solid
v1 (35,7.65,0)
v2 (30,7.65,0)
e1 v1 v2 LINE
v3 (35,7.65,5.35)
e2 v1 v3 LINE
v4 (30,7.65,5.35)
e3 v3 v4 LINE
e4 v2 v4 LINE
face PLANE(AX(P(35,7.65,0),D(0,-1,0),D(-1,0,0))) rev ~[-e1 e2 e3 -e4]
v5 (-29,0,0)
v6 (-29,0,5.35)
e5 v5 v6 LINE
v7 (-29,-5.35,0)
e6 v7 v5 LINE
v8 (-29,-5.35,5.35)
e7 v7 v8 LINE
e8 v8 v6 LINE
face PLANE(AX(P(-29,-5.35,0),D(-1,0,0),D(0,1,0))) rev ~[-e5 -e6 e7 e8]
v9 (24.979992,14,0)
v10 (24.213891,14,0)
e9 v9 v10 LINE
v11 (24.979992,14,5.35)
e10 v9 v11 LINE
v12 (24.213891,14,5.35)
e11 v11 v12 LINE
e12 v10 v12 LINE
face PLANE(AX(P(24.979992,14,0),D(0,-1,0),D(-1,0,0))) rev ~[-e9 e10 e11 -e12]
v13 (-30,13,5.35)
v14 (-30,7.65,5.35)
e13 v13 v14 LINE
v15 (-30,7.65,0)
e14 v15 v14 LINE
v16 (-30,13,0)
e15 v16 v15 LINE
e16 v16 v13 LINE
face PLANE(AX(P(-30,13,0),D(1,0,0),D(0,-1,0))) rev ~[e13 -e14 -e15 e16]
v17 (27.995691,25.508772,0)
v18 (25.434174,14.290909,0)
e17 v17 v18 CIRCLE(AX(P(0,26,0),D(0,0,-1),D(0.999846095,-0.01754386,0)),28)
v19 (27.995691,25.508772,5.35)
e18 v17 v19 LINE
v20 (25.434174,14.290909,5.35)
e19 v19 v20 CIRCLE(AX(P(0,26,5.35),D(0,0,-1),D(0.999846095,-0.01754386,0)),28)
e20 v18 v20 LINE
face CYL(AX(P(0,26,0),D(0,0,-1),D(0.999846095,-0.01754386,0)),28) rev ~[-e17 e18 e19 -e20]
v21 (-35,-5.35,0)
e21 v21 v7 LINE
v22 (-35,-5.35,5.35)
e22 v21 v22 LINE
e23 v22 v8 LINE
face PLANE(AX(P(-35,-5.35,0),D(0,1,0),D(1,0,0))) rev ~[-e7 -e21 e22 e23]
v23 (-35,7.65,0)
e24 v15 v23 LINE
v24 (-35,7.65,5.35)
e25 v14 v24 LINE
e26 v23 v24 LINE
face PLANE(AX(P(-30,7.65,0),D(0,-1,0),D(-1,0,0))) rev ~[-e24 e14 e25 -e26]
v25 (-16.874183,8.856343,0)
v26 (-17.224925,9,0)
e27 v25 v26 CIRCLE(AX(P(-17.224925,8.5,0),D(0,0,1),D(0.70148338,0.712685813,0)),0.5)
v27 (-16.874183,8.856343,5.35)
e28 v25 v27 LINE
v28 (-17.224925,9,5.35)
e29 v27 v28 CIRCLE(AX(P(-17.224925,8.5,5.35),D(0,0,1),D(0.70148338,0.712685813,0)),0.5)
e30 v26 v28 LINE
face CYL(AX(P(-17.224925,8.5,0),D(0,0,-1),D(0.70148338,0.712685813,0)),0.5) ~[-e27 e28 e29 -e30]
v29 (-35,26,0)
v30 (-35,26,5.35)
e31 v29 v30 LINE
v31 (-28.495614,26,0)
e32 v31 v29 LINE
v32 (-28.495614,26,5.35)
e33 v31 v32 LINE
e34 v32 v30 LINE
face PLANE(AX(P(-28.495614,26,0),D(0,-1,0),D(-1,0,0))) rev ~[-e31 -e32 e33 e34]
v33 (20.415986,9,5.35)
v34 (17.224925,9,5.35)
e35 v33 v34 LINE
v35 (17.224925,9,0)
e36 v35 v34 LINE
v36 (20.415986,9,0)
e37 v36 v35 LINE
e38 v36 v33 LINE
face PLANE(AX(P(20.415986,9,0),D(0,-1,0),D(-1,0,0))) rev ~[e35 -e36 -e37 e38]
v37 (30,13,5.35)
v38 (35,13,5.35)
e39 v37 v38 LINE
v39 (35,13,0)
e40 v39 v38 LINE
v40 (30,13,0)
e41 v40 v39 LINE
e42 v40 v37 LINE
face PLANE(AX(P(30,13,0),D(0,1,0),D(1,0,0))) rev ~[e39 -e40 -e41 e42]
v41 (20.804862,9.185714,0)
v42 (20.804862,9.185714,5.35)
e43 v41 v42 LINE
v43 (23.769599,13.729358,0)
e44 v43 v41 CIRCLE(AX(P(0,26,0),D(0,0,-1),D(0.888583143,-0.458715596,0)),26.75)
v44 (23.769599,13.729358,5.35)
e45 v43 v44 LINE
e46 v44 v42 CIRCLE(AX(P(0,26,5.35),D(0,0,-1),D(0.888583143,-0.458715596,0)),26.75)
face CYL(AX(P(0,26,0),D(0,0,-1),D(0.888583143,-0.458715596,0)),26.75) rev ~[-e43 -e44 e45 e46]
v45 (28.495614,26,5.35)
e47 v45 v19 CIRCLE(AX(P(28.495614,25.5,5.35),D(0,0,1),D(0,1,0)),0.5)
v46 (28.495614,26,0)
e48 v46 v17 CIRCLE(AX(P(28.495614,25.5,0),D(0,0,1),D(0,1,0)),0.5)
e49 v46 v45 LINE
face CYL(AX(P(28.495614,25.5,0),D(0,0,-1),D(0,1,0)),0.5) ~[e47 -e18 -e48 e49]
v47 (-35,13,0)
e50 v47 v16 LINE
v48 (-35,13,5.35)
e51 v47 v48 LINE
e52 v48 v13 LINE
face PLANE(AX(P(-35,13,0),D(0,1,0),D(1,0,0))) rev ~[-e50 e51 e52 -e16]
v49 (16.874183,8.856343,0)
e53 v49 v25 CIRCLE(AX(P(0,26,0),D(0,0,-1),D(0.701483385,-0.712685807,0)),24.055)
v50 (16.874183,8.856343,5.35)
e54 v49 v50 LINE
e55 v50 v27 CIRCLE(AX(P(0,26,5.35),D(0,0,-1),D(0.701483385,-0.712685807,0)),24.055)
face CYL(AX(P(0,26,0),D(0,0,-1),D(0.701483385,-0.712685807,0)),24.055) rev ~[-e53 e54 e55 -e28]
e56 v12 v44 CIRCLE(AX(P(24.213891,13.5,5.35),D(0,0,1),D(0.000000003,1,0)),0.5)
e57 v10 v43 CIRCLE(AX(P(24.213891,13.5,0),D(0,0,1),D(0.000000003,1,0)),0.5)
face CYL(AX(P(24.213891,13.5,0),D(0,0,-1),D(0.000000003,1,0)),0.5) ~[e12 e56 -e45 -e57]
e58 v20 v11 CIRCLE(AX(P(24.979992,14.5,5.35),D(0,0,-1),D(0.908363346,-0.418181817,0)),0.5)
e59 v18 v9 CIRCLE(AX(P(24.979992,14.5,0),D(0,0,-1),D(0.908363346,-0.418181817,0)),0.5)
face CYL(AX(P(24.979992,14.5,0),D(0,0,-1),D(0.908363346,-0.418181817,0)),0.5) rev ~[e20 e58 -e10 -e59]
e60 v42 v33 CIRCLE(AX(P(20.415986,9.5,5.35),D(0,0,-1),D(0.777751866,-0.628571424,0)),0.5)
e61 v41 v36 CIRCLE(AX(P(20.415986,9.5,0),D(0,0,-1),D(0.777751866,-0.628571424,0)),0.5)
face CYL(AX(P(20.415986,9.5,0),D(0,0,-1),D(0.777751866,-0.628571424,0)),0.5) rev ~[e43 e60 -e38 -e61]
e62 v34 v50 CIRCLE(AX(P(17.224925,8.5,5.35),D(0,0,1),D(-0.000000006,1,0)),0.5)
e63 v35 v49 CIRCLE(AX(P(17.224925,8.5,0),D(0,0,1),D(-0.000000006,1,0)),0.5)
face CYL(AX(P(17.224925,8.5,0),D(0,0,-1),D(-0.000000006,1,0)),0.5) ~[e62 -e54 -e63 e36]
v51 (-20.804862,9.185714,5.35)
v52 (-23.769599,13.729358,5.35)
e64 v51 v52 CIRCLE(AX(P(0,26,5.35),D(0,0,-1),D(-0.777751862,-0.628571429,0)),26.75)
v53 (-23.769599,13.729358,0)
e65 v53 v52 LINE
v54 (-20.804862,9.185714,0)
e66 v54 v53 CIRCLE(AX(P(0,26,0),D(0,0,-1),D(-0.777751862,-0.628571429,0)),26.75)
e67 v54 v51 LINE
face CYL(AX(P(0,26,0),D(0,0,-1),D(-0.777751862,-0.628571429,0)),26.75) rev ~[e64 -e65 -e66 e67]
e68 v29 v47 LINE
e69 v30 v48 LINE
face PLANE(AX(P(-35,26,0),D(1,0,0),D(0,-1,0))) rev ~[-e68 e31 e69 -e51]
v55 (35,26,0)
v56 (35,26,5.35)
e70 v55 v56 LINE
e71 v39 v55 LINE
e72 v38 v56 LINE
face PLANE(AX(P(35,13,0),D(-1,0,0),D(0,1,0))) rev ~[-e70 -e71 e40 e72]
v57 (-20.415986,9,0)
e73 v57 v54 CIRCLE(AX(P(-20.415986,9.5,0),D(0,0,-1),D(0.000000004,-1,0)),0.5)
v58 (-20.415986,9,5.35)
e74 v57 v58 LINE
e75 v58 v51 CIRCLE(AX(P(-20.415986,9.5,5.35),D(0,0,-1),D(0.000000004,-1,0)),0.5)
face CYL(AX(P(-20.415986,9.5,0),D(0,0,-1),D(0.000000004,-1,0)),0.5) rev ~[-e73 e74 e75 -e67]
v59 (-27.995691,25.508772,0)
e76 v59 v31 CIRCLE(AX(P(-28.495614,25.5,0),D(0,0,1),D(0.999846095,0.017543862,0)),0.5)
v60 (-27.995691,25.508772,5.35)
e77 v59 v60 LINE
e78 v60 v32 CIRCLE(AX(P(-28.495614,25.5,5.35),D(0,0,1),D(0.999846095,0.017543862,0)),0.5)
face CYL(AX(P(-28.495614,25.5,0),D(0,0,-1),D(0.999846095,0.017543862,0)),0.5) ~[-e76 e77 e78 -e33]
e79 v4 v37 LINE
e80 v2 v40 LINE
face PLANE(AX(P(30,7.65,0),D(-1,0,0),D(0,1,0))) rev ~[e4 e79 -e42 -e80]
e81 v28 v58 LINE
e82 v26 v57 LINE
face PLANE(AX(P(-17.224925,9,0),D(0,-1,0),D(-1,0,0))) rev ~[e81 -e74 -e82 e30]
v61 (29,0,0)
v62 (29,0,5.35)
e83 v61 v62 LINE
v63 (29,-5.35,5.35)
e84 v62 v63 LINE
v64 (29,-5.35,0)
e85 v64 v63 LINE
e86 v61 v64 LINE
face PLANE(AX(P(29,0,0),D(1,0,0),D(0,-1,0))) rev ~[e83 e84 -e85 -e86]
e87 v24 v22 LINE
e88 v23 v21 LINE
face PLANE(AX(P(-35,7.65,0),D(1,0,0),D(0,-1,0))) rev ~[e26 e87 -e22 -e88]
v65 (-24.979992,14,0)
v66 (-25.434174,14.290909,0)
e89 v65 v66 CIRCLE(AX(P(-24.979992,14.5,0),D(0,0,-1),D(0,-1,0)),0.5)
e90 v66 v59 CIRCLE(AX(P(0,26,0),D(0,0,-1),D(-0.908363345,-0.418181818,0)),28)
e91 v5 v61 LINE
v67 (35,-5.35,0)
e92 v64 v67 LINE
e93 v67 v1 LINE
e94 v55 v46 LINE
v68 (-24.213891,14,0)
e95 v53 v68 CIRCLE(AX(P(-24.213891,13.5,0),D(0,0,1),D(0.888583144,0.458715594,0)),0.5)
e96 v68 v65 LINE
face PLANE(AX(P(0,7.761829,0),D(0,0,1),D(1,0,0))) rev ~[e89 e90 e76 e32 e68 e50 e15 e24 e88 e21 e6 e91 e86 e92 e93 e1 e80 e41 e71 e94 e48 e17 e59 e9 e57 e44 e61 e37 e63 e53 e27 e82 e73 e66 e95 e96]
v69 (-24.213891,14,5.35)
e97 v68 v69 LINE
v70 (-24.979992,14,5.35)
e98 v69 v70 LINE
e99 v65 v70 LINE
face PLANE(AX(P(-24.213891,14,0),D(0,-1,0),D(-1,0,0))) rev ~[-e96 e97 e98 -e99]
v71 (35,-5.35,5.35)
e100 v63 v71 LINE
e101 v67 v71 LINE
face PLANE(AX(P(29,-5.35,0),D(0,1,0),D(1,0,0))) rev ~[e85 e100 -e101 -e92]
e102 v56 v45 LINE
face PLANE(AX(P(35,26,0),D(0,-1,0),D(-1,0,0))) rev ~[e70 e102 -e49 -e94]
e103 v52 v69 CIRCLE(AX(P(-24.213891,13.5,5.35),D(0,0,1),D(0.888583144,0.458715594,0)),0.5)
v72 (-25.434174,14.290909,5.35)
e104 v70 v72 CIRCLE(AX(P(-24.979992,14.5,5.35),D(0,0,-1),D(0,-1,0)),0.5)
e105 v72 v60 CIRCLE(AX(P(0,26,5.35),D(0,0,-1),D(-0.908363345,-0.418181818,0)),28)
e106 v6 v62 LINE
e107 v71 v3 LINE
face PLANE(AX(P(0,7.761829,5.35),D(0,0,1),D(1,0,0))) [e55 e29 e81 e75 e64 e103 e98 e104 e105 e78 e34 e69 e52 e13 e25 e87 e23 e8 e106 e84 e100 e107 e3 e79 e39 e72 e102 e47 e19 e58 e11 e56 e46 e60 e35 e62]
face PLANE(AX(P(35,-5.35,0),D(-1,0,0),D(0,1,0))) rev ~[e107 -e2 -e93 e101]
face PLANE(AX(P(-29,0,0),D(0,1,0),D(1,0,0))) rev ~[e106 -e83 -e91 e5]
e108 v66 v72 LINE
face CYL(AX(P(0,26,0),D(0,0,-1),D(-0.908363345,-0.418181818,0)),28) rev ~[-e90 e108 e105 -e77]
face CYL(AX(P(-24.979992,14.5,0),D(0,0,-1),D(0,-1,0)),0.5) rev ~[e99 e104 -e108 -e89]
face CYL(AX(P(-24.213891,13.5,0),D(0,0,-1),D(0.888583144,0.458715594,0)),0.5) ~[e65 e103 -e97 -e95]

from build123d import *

# Parameters (mm, degrees)
BOSS_EXTRUDE1_DEPTH = 5.35


with BuildPart() as part:
    # Model → Boss-Extrude1 (new body)
    with BuildSketch(Plane.XY):
        with BuildLine():
            Line((-29, 0), (29, 0))
            Line((29, 0), (29, -5.35))
            Line((29, -5.35), (35, -5.35))
            Line((35, -5.35), (35, -1.30660388))
            Line((35, -1.30660388), (35, 7.65))
            Line((35, 7.65), (30, 7.65))
            Line((30, 7.65), (30, 13))
            Line((30, 13), (35, 13))
            Line((35, 13), (35, 26))
            Line((35, 26), (28.495613698, 26))
            ThreePointArc((28.495613698, 26), (28.145175376, 25.856641252), (27.99569065, 25.50877193))
            ThreePointArc((27.99569065, 25.50877193), (27.297393866, 19.766839637), (25.434173666, 14.290909091))
            ThreePointArc((25.434173666, 14.290909091), (25.249671939, 14.078962321), (24.979991994, 14))
            Line((24.979991994, 14), (24.213890642, 14))
            ThreePointArc((24.213890642, 14), (23.953774224, 13.927012236), (23.76959907, 13.729357798))
            ThreePointArc((23.76959907, 13.729357798), (22.402719166, 11.382179575), (20.804862314, 9.185714286))
            ThreePointArc((20.804862314, 9.185714286), (20.631459285, 9.048811094), (20.415986383, 9))
            Line((20.415986383, 9), (17.224924528, 9))
            ThreePointArc((17.224924528, 9), (17.035413911, 8.962693987), (16.874182835, 8.856342904))
            ThreePointArc((16.874182835, 8.856342904), (0, 1.945), (-16.874182835, 8.856342904))
            ThreePointArc((-16.874182835, 8.856342904), (-17.035413911, 8.962693987), (-17.224924528, 9))
            Line((-17.224924528, 9), (-20.415986383, 9))
            ThreePointArc((-20.415986383, 9), (-20.631459285, 9.048811094), (-20.804862314, 9.185714286))
            ThreePointArc((-20.804862314, 9.185714286), (-22.402719166, 11.382179575), (-23.76959907, 13.729357798))
            ThreePointArc((-23.76959907, 13.729357798), (-23.953774224, 13.927012236), (-24.213890642, 14))
            Line((-24.213890642, 14), (-24.979991994, 14))
            ThreePointArc((-24.979991994, 14), (-25.249671939, 14.078962321), (-25.434173666, 14.290909091))
            ThreePointArc((-25.434173666, 14.290909091), (-27.297393866, 19.766839637), (-27.99569065, 25.50877193))
            ThreePointArc((-27.99569065, 25.50877193), (-28.145175376, 25.856641252), (-28.495613698, 26))
            Line((-28.495613698, 26), (-35, 26))
            Line((-35, 26), (-35, 13))
            Line((-35, 13), (-30, 13))
            Line((-30, 13), (-30, 7.65))
            Line((-30, 7.65), (-35, 7.65))
            Line((-35, 7.65), (-35, -1.30660388))
            Line((-35, -1.30660388), (-35, -5.35))
            Line((-35, -5.35), (-29, -5.35))
            Line((-29, -5.35), (-29, 0))
        make_face()
    extrude(amount=BOSS_EXTRUDE1_DEPTH)


solid = part.part
